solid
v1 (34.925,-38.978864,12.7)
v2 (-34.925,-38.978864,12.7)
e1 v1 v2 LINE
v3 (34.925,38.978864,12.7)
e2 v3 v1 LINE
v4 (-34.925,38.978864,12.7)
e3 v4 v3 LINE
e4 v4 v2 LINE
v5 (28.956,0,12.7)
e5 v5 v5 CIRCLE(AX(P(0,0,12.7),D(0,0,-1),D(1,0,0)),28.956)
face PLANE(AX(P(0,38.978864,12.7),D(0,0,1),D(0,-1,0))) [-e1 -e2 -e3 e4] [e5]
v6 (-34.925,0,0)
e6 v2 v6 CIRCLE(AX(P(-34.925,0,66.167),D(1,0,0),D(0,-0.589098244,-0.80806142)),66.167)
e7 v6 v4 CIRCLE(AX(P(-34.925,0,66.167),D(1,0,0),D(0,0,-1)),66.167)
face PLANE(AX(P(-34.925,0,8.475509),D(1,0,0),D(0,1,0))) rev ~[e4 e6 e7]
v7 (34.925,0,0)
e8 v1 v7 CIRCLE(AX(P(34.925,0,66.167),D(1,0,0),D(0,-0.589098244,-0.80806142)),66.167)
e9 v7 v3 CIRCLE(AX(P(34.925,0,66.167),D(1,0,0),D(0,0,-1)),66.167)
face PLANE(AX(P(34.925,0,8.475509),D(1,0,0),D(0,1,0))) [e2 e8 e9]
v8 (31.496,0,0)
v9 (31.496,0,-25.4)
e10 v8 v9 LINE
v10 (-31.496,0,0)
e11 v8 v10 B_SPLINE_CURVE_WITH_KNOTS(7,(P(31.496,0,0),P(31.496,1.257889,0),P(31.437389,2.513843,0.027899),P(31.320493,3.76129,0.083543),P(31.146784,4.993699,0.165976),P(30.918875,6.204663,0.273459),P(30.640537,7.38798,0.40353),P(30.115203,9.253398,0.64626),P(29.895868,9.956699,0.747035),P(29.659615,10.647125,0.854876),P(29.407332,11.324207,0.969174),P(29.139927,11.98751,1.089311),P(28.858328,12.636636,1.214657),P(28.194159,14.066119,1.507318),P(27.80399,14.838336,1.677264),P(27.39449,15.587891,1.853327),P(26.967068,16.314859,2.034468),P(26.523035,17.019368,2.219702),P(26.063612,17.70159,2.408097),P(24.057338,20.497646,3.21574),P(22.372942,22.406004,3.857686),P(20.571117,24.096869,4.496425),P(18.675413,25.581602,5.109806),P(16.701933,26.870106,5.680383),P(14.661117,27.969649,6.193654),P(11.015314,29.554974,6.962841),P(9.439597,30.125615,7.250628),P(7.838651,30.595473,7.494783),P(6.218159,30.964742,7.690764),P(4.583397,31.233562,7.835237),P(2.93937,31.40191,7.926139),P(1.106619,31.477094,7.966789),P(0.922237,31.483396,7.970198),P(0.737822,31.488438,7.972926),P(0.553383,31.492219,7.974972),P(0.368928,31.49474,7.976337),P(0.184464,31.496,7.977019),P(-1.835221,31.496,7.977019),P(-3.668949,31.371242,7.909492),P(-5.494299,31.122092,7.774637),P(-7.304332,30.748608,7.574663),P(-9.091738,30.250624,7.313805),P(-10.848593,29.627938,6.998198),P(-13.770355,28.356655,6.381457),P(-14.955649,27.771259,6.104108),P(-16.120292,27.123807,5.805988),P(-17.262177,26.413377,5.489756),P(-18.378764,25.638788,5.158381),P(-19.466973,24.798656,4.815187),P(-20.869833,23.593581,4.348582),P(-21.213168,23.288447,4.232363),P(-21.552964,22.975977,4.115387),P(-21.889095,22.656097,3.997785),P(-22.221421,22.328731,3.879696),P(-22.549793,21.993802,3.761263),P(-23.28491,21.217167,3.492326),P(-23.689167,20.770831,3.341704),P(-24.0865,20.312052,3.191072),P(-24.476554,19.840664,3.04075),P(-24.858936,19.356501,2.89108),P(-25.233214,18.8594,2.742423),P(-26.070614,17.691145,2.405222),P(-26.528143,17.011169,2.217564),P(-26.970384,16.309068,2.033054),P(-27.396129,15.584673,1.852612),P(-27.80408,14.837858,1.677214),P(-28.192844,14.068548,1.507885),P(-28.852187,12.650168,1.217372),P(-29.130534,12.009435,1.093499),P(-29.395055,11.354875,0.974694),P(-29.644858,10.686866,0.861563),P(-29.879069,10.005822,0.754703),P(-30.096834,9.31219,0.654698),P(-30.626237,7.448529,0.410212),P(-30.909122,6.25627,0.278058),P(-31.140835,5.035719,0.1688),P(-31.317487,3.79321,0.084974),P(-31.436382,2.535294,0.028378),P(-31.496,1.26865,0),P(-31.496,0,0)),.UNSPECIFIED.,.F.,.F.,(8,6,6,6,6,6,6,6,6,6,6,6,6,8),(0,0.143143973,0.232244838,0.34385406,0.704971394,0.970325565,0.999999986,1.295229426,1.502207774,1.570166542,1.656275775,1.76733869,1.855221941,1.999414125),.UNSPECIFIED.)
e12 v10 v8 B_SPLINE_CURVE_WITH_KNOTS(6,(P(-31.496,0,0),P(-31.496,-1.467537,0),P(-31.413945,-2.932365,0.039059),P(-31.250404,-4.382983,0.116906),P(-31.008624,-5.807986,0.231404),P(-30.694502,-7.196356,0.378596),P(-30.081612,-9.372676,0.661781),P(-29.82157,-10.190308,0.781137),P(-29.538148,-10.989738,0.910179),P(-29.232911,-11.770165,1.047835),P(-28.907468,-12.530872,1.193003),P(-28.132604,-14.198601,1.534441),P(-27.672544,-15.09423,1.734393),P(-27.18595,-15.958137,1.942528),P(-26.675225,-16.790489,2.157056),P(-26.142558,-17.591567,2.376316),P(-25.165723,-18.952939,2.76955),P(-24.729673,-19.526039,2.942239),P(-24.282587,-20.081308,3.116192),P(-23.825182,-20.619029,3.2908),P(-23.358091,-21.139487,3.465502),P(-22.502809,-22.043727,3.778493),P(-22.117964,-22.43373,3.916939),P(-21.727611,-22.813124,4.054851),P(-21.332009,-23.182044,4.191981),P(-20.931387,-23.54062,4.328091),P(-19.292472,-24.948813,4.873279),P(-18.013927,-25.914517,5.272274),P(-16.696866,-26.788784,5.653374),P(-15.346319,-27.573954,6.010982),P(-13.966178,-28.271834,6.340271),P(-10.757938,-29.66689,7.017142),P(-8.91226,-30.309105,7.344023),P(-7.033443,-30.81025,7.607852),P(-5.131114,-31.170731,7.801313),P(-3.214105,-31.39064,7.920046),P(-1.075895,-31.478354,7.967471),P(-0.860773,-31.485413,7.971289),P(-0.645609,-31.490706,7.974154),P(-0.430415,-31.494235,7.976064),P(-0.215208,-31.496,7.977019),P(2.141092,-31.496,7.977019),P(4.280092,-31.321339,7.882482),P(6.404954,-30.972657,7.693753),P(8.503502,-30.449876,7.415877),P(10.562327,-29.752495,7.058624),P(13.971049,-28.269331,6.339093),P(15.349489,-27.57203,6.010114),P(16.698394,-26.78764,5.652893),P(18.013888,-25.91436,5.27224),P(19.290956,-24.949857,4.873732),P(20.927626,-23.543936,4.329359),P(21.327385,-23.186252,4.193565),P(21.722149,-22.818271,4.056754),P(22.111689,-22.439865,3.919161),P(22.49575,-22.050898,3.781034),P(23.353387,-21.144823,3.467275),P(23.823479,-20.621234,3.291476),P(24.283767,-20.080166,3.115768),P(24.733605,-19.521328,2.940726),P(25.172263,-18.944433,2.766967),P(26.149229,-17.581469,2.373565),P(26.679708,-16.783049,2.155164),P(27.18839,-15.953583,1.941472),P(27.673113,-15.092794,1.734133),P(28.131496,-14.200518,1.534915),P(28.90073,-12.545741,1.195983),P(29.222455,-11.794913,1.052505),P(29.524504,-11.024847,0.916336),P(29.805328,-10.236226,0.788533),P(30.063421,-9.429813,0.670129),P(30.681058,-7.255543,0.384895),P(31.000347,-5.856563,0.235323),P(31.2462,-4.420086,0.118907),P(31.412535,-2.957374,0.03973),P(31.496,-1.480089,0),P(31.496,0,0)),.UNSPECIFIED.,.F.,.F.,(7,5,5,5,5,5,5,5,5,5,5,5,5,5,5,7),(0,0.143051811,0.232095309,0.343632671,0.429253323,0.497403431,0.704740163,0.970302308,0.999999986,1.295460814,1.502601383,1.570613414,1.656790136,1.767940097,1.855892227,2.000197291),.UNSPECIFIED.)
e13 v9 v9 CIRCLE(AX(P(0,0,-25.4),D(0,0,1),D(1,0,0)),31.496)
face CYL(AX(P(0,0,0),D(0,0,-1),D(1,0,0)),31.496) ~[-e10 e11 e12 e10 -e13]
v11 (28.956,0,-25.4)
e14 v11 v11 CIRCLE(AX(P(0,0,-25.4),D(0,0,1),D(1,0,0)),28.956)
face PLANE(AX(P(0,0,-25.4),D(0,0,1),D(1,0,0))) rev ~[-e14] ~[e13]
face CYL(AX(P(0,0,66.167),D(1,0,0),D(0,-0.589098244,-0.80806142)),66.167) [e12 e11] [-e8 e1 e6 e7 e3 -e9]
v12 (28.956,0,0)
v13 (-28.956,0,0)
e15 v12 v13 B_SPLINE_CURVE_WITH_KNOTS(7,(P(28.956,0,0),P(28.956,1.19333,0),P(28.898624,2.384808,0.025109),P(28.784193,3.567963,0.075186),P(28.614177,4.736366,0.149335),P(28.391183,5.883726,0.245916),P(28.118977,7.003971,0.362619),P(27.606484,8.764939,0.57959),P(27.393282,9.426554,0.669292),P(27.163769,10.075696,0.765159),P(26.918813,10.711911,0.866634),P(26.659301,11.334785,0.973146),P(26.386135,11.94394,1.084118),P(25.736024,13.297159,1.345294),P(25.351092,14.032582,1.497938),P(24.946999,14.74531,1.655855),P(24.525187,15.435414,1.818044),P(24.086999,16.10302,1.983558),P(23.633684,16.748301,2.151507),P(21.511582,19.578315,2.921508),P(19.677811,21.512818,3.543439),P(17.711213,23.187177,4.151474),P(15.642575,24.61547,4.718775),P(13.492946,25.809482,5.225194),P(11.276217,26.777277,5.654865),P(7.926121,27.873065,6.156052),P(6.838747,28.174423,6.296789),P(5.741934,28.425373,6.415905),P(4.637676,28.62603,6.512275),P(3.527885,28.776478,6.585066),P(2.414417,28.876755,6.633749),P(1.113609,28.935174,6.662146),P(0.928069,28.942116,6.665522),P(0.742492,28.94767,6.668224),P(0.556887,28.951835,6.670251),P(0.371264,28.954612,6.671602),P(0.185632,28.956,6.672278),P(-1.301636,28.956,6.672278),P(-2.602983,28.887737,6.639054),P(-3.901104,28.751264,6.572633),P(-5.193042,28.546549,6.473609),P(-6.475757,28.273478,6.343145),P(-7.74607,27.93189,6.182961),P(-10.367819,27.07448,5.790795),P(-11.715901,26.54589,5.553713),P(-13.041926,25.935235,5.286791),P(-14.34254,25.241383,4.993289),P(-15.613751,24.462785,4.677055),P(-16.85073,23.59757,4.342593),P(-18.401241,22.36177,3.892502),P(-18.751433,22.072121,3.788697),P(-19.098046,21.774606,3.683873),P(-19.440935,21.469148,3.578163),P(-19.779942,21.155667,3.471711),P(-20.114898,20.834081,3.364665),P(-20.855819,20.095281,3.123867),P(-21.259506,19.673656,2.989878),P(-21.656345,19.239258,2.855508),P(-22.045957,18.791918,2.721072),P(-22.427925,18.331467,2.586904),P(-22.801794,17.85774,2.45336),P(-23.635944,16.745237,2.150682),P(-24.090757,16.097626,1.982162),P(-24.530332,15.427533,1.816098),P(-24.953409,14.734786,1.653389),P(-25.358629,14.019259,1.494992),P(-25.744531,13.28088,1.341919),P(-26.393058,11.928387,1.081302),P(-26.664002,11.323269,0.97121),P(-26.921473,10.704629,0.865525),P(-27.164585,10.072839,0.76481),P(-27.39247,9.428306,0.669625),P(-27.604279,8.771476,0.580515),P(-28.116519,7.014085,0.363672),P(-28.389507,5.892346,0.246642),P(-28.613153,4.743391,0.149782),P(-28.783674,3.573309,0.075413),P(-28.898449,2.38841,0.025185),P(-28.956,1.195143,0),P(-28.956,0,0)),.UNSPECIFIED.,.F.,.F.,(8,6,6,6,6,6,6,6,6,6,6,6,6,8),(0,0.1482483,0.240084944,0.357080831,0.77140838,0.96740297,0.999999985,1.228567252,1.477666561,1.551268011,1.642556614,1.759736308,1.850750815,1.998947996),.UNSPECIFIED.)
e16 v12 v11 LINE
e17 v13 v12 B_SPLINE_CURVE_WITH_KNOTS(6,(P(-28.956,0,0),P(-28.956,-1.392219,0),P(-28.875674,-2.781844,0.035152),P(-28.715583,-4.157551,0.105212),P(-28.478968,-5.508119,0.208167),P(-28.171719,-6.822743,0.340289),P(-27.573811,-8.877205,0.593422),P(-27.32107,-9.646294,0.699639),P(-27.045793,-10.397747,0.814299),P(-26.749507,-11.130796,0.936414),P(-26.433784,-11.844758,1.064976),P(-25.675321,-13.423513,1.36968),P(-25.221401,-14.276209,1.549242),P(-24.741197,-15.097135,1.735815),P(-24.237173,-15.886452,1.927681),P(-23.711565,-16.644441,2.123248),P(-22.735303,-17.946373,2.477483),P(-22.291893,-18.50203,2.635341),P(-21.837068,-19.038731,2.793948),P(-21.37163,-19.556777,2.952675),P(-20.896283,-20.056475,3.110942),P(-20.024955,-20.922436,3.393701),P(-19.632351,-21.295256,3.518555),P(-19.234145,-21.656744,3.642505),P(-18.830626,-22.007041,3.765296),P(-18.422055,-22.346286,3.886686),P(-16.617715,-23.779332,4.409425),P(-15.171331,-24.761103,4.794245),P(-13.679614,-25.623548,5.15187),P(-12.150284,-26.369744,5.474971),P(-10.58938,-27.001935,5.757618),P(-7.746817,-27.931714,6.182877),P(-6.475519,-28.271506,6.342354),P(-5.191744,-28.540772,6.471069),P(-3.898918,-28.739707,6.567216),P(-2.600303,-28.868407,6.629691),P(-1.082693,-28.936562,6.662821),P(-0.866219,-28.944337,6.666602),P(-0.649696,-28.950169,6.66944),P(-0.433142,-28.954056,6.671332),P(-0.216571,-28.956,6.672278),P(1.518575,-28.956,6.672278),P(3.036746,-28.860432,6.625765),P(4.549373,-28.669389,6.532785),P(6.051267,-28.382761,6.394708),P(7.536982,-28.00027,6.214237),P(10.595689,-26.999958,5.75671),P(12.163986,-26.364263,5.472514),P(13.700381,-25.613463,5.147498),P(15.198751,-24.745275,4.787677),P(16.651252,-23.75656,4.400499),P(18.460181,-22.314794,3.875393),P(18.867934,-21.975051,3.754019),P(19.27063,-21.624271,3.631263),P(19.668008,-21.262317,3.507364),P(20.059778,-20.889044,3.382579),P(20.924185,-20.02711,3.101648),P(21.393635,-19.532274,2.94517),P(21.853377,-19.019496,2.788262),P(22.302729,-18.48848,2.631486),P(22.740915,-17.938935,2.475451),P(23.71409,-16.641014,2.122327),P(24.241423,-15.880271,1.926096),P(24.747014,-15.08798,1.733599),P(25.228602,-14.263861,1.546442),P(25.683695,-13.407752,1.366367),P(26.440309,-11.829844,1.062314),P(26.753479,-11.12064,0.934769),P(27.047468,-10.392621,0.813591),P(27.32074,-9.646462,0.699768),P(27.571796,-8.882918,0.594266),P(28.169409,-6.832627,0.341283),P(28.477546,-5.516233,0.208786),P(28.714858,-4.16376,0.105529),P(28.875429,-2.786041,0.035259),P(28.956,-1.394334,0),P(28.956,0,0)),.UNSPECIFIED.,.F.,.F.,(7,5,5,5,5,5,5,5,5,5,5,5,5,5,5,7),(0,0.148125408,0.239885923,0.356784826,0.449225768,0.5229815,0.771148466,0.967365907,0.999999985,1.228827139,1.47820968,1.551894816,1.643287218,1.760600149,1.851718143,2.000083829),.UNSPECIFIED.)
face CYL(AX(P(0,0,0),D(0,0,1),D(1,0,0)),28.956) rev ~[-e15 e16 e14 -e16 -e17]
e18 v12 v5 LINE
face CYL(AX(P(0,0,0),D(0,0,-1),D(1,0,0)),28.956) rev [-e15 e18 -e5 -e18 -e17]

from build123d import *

# Parameters (mm, degrees)
F0_R          = 31.496
F0_R_2        = 28.956
F1_DEPTH      = 25.4
F1_DEPTH_BACK = 12.7
F3_DEPTH      = 34.925
F3_DEPTH_BACK = 34.925
F4_DEPTH      = 25.4


with BuildPart() as f1:
    # F0 (on Top) → F1 (new body, two sides)
    with BuildSketch(Plane.XY) as f1_sk:
        Circle(F0_R)
        Circle(F0_R_2, mode=Mode.SUBTRACT)
    extrude(amount=-F1_DEPTH)
    extrude(f1_sk.sketch, amount=F1_DEPTH_BACK)

    # F2 (on Right) → F3 (join, two sides)
    with BuildSketch(Plane.YZ) as f3_sk:
        with BuildLine():
            ThreePointArc((-38.9788635032, 12.7), (-20.4978157373, 3.2550660049), (0, 0))
            ThreePointArc((0, 0), (20.4978157373, 3.2550660049), (38.9788635032, 12.7))
            Line((38.9788635032, 12.7), (-38.9788635032, 12.7))
        make_face()
    extrude(amount=F3_DEPTH)
    extrude(f3_sk.sketch, amount=-F3_DEPTH_BACK)

    # F0 (on Top) → F4 (cut)
    with BuildSketch(Plane.XY):
        Circle(F0_R_2)
    extrude(amount=F4_DEPTH, mode=Mode.SUBTRACT)


solid = f1.part
